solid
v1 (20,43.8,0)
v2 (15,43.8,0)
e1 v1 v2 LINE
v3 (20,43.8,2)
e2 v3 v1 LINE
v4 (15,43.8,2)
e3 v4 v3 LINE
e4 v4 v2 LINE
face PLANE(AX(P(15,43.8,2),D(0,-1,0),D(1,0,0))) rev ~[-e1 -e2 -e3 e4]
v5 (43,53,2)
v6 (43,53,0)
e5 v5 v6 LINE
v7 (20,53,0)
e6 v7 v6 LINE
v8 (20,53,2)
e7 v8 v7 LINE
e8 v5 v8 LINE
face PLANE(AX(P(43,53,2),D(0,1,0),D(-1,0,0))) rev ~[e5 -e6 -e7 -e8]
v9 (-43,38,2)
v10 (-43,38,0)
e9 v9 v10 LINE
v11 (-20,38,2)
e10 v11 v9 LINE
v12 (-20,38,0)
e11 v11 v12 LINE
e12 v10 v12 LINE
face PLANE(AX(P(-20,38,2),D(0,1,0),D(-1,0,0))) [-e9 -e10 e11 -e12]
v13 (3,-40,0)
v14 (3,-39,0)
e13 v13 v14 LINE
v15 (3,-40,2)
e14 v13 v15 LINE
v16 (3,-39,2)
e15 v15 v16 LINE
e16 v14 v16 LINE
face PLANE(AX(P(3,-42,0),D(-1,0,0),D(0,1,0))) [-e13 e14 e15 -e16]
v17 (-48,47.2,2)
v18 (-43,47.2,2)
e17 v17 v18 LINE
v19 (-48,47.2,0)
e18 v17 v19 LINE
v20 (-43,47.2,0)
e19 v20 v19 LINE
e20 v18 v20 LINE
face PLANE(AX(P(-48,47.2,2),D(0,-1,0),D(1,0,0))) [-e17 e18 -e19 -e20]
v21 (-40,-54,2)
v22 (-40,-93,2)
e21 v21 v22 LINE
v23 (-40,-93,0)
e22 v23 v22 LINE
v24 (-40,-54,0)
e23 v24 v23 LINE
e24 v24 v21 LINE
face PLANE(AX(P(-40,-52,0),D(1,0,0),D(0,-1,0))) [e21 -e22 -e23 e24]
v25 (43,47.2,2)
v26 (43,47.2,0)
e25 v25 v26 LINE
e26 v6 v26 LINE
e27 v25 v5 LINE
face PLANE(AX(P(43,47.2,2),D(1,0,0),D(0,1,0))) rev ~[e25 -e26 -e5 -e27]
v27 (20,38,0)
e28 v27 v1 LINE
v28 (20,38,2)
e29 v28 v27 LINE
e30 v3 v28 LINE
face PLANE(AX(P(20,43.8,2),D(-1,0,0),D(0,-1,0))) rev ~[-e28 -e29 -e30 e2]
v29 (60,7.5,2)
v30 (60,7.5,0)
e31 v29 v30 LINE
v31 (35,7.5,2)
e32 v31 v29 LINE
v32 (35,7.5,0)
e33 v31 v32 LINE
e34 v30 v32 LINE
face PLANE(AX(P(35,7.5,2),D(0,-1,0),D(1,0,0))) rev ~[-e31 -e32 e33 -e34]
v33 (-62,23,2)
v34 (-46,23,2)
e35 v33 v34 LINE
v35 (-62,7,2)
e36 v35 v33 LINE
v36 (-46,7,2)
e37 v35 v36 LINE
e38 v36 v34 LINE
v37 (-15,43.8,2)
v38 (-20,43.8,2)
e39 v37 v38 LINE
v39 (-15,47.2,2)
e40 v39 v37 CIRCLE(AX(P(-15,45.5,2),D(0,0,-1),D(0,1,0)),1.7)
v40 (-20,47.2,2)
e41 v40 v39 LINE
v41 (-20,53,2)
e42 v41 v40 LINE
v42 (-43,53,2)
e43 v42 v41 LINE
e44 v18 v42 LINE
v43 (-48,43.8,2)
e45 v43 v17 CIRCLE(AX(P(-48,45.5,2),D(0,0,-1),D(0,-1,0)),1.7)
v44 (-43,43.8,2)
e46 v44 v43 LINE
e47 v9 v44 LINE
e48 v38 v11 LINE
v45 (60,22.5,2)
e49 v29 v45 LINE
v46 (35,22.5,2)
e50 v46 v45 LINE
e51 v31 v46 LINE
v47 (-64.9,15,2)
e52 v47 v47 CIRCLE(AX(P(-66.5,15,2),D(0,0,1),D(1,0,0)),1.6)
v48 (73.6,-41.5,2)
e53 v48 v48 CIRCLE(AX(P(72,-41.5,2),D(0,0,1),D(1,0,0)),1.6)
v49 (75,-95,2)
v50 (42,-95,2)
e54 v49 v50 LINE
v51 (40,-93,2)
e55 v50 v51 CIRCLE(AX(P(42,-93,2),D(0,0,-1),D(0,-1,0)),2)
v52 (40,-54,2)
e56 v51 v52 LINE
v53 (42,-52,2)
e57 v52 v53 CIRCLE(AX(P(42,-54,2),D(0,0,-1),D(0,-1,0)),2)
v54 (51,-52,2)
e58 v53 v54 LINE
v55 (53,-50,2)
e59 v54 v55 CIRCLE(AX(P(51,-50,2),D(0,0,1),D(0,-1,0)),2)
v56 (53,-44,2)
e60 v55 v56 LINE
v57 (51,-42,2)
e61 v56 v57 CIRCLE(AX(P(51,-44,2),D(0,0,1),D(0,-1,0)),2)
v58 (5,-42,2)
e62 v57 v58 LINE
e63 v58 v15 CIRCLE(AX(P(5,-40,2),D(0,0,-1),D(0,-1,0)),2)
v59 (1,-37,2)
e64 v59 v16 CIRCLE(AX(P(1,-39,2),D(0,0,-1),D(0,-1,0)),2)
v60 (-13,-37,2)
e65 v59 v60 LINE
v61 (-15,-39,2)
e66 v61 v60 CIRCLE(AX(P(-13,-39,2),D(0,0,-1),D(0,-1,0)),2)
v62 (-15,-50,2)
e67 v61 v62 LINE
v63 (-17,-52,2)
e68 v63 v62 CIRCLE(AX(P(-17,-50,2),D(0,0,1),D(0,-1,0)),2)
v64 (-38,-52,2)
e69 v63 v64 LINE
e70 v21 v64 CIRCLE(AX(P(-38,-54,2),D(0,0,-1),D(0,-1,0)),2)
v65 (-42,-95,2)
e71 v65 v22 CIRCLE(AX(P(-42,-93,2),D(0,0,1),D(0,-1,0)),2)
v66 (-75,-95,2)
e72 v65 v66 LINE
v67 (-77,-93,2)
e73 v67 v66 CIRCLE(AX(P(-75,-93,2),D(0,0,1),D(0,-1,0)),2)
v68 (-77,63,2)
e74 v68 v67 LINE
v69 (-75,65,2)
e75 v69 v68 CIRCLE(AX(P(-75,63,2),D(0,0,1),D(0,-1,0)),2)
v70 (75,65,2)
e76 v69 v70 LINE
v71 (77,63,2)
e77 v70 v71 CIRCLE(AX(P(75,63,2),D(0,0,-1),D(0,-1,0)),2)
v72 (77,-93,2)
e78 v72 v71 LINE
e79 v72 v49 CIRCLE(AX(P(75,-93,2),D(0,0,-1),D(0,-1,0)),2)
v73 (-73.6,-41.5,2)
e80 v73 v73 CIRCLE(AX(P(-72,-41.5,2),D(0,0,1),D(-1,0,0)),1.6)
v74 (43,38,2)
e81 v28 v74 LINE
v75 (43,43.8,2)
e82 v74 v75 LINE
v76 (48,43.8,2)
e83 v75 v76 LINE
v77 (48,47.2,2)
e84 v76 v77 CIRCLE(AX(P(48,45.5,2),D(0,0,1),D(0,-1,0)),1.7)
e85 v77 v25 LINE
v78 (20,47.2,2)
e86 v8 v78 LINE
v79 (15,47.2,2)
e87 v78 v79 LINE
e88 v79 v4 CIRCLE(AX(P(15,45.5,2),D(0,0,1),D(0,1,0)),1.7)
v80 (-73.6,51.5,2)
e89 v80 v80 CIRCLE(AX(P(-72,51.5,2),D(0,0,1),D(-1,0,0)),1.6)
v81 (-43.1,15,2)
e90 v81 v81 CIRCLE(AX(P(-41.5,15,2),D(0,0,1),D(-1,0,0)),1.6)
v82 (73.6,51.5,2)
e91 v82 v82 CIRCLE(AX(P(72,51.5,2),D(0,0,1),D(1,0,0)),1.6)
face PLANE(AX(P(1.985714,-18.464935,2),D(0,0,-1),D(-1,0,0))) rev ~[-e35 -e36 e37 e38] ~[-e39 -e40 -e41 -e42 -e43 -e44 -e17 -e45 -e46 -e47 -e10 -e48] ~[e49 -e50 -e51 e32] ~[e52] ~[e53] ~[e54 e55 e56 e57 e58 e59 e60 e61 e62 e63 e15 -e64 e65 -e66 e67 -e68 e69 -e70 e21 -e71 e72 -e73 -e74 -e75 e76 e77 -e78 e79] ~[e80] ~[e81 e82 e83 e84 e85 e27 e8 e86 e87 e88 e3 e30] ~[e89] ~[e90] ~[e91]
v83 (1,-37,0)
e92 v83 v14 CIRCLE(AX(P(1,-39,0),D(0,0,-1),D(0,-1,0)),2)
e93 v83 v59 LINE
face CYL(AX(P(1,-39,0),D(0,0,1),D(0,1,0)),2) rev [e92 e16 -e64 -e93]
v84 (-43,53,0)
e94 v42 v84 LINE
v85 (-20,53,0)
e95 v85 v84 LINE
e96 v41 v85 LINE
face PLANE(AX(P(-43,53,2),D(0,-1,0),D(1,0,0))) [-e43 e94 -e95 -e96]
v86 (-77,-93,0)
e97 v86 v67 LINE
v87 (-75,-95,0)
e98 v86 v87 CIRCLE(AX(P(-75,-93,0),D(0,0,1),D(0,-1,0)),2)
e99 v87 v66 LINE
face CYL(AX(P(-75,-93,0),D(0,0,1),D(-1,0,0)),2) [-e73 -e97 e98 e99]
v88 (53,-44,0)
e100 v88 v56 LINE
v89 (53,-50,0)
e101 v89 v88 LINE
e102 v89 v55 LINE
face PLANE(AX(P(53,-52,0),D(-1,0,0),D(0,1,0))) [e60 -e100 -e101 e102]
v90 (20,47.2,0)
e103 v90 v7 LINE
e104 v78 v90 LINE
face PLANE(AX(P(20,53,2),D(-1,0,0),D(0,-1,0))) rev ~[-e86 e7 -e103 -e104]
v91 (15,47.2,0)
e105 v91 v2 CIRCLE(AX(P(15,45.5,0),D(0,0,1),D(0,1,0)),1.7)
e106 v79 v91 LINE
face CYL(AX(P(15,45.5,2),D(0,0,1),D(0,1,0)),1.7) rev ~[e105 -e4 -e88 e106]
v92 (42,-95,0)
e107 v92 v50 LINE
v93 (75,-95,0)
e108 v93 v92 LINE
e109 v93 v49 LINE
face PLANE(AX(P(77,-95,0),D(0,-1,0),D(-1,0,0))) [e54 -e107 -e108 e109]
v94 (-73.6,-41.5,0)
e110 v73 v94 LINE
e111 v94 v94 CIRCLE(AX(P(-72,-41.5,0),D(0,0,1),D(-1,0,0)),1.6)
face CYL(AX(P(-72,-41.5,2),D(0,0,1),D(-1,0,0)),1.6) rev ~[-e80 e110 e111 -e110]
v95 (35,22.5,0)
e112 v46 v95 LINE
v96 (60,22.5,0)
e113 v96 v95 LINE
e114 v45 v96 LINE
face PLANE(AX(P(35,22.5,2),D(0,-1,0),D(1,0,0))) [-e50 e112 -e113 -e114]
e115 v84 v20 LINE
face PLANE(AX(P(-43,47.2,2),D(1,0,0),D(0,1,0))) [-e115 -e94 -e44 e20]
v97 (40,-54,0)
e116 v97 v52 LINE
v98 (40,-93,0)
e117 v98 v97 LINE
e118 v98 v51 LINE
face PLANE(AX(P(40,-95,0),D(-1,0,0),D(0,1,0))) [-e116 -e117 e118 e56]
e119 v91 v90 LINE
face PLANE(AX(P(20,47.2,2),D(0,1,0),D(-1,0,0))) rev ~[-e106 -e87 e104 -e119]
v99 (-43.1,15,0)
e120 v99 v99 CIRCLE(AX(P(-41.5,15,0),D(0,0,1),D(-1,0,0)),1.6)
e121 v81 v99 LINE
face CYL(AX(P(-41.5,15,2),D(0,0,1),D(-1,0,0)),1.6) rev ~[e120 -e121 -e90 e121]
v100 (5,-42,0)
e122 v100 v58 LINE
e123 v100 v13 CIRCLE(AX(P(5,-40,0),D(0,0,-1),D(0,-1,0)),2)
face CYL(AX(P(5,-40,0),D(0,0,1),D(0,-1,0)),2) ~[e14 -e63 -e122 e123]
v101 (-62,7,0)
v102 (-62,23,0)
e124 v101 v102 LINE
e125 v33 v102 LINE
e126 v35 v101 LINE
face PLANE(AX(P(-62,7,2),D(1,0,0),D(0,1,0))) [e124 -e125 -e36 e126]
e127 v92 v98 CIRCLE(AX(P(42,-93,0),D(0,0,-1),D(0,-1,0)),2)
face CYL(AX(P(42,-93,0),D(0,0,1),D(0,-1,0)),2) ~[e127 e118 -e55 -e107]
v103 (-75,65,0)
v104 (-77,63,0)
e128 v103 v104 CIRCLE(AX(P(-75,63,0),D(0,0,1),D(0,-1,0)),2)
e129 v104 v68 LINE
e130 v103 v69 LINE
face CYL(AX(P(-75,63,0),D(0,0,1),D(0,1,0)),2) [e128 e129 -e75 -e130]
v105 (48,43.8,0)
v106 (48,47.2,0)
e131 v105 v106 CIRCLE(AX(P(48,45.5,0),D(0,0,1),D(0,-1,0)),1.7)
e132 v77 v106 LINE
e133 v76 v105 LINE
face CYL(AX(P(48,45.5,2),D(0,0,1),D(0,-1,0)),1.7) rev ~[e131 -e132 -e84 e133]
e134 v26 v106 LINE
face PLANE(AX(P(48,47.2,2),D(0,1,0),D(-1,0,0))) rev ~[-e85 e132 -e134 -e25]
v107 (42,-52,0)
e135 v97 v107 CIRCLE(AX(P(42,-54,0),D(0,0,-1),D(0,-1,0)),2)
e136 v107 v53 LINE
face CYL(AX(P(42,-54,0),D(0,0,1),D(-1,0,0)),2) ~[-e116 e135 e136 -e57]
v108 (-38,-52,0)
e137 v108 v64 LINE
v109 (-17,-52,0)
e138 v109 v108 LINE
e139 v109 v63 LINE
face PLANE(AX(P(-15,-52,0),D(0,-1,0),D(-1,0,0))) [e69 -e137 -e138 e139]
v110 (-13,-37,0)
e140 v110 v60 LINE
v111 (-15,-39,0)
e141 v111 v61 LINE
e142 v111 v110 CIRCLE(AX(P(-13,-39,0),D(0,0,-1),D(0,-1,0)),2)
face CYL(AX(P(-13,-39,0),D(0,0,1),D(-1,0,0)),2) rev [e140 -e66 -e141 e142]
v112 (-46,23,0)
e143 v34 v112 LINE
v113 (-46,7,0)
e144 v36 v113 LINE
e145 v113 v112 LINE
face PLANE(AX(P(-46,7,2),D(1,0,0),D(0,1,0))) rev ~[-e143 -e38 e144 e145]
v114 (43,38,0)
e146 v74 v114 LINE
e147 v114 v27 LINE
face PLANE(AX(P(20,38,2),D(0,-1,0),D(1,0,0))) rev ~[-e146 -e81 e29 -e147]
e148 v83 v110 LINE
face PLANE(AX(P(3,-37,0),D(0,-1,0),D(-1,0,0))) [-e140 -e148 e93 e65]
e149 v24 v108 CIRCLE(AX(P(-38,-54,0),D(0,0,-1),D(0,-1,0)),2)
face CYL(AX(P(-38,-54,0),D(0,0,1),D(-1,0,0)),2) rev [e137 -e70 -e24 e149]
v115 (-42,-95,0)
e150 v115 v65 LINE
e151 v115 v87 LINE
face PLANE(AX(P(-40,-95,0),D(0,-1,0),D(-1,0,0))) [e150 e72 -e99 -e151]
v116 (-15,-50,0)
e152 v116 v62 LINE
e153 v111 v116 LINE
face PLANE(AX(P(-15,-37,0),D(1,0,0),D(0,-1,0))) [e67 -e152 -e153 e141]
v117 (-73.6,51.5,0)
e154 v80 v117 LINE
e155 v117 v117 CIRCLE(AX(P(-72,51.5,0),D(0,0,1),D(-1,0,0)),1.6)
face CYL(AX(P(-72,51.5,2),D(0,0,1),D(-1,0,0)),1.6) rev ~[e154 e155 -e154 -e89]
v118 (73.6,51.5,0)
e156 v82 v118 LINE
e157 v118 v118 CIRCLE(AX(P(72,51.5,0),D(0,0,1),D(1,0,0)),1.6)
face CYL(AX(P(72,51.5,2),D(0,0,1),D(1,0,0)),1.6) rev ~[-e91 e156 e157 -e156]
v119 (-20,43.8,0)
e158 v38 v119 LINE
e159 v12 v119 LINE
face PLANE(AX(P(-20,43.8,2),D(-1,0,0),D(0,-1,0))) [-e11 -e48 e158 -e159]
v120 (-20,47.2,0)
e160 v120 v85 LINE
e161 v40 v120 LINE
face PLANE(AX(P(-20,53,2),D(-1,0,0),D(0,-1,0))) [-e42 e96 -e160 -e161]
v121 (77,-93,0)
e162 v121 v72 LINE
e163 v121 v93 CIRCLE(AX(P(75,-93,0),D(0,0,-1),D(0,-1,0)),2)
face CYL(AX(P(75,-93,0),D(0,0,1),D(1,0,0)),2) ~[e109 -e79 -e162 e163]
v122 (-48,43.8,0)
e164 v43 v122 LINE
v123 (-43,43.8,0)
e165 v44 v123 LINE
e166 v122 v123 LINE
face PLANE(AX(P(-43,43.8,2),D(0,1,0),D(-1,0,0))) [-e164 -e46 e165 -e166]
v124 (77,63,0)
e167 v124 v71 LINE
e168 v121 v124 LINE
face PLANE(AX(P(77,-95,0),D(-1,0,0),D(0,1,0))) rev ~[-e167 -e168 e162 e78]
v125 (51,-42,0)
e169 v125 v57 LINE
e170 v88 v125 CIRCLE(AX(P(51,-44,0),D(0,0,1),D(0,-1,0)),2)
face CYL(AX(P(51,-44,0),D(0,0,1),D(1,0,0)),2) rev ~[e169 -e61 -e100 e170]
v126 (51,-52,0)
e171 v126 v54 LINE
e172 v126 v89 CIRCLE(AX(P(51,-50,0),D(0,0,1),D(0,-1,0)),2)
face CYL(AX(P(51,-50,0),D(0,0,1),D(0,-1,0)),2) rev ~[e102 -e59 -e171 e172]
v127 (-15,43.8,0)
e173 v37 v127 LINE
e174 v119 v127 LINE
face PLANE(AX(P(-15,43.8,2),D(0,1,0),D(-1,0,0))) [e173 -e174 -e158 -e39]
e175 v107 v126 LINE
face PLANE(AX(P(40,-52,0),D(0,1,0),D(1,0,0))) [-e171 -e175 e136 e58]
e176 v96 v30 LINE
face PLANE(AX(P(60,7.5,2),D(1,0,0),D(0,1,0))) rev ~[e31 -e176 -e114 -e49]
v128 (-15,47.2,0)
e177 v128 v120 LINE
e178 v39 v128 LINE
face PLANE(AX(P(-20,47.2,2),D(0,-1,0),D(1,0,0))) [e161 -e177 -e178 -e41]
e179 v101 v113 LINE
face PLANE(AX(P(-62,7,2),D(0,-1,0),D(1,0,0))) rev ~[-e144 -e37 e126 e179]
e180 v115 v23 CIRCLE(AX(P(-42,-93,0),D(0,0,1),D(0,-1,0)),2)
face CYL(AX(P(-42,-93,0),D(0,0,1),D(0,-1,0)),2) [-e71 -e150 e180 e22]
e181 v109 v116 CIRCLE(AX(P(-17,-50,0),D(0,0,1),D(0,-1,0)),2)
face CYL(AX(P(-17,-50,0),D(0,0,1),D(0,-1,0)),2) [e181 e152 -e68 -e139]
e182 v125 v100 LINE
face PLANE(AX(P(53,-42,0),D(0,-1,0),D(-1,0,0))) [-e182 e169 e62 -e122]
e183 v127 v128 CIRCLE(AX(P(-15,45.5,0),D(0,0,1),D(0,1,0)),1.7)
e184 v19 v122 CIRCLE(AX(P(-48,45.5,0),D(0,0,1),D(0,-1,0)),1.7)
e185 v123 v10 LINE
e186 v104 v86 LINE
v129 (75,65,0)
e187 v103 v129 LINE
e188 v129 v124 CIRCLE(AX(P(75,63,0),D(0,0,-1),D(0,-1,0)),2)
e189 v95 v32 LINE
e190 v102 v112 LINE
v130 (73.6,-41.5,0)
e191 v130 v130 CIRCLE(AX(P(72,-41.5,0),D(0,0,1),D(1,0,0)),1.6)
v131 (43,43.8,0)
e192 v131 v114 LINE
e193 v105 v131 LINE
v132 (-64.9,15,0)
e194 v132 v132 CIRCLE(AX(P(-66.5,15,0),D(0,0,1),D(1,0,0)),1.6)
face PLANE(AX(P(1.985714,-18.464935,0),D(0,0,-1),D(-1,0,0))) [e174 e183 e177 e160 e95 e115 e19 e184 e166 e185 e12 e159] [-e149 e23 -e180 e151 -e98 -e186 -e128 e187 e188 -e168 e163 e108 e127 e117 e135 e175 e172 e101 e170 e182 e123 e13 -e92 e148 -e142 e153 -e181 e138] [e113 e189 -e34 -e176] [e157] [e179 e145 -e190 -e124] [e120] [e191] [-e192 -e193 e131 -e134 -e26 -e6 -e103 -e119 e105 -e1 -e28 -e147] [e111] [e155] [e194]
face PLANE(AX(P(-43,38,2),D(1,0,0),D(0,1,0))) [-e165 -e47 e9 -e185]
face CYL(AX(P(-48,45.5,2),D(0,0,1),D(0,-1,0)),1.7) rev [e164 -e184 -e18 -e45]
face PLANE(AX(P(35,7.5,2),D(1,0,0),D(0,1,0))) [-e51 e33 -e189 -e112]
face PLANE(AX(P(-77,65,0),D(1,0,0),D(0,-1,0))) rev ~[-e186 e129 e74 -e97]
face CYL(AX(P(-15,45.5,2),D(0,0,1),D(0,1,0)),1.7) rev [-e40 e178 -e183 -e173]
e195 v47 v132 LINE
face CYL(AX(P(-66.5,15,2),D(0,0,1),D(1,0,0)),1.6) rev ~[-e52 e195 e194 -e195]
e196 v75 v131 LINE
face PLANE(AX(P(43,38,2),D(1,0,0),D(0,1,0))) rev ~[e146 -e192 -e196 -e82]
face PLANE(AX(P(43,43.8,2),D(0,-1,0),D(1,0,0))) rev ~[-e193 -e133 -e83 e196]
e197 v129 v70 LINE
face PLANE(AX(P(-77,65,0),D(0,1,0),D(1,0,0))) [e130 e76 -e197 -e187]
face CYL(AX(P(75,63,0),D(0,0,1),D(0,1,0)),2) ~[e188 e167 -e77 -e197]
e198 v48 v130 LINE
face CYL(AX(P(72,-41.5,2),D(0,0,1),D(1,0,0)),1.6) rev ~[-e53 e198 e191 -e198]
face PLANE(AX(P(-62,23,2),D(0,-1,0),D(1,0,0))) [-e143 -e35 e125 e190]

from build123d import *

# Parameters (mm, degrees)
EXTRUDE_1_DEPTH     = 2
CUT_EXTRUDE_2_REACH = 124.303
SKETCH_3_R          = 1.6
SKETCH_3_W          = 16
SKETCH_3_H          = 16
CUT_EXTRUDE_4_REACH = 124.303
SKETCH_5_R          = 1.6
FILLET_1_R          = 2
SKETCH_6_W          = 25
SKETCH_6_H          = 15
CUT_EXTRUDE_5_DEPTH = 123.302902664
CUT_EXTRUDE_6_DEPTH = 123.302902664


with BuildPart() as part:
    # 草图1 → 凸台-拉伸1 (new body)
    with BuildSketch(Plane.XY):
        Polygon((-77, 65), (77, 65), (77, -65), (77, -95), (40, -95), (40, -52), (53, -52), (53, -42), (3, -42), (3, -37), (-15, -37), (-15, -52), (-40, -52), (-40, -95), (-77, -95), (-77, -65), align=None)
    extrude(amount=EXTRUDE_1_DEPTH)

    # 草图3 → 切除-拉伸2 (cut, up to next)
    with BuildSketch(Plane.XY.offset(2), mode=Mode.PRIVATE) as cut_extrude_2_sk1:
        with Locations((-66.5, 15)):
            Circle(SKETCH_3_R)
    cut_extrude_2_tool1 = extrude(cut_extrude_2_sk1.sketch, amount=-CUT_EXTRUDE_2_REACH, mode=Mode.PRIVATE) & part.part
    # 草图3 → 切除-拉伸2 (cut, up to next)
    with BuildSketch(Plane.XY.offset(2), mode=Mode.PRIVATE) as cut_extrude_2_sk2:
        with Locations(Location((-41.5, 15, 0), (0, 0, 180))):
            Circle(SKETCH_3_R)
    cut_extrude_2_tool2 = extrude(cut_extrude_2_sk2.sketch, amount=-CUT_EXTRUDE_2_REACH, mode=Mode.PRIVATE) & part.part
    # 草图3 → 切除-拉伸2 (cut, up to next)
    with BuildSketch(Plane.XY.offset(2), mode=Mode.PRIVATE) as cut_extrude_2_sk3:
        with Locations((-54, 15)):
            Rectangle(SKETCH_3_W, SKETCH_3_H)
    cut_extrude_2_tool3 = extrude(cut_extrude_2_sk3.sketch, amount=-CUT_EXTRUDE_2_REACH, mode=Mode.PRIVATE) & part.part
    add(cut_extrude_2_tool1.solids().sort_by_distance((-66.5, 15, 2))[0], mode=Mode.SUBTRACT)
    add(cut_extrude_2_tool2.solids().sort_by_distance((-41.5, 15, 2))[0], mode=Mode.SUBTRACT)
    add(cut_extrude_2_tool3.solids().sort_by_distance((-54, 15, 2))[0], mode=Mode.SUBTRACT)

    # 草图5 → 切除-拉伸4 (cut, up to next)
    with BuildSketch(Plane.XY.offset(2), mode=Mode.PRIVATE) as cut_extrude_4_sk1:
        with Locations((72, -41.5)):
            Circle(SKETCH_5_R)
    cut_extrude_4_tool1 = extrude(cut_extrude_4_sk1.sketch, amount=-CUT_EXTRUDE_4_REACH, mode=Mode.PRIVATE) & part.part
    # 草图5 → 切除-拉伸4 (cut, up to next)
    with BuildSketch(Plane.XY.offset(2), mode=Mode.PRIVATE) as cut_extrude_4_sk2:
        with Locations((72, 51.5)):
            Circle(SKETCH_5_R)
    cut_extrude_4_tool2 = extrude(cut_extrude_4_sk2.sketch, amount=-CUT_EXTRUDE_4_REACH, mode=Mode.PRIVATE) & part.part
    # 草图5 → 切除-拉伸4 (cut, up to next)
    with BuildSketch(Plane.XY.offset(2), mode=Mode.PRIVATE) as cut_extrude_4_sk3:
        with Locations(Location((-72, 51.5, 0), (0, 0, 180))):
            Circle(SKETCH_5_R)
    cut_extrude_4_tool3 = extrude(cut_extrude_4_sk3.sketch, amount=-CUT_EXTRUDE_4_REACH, mode=Mode.PRIVATE) & part.part
    # 草图5 → 切除-拉伸4 (cut, up to next)
    with BuildSketch(Plane.XY.offset(2), mode=Mode.PRIVATE) as cut_extrude_4_sk4:
        with Locations(Location((-72, -41.5, 0), (0, 0, 180))):
            Circle(SKETCH_5_R)
    cut_extrude_4_tool4 = extrude(cut_extrude_4_sk4.sketch, amount=-CUT_EXTRUDE_4_REACH, mode=Mode.PRIVATE) & part.part
    add(cut_extrude_4_tool1.solids().sort_by_distance((72, -41.5, 2))[0], mode=Mode.SUBTRACT)
    add(cut_extrude_4_tool2.solids().sort_by_distance((72, 51.5, 2))[0], mode=Mode.SUBTRACT)
    add(cut_extrude_4_tool3.solids().sort_by_distance((-72, 51.5, 2))[0], mode=Mode.SUBTRACT)
    add(cut_extrude_4_tool4.solids().sort_by_distance((-72, -41.5, 2))[0], mode=Mode.SUBTRACT)

    # 圆角1
    fillet_1_edges = [part.edges().sort_by_distance(p)[0] for p in [
        (77, -95, 1),
        (40, -95, 1),
        (40, -52, 1),
        (53, -52, 1),
        (53, -42, 1),
        (3, -42, 1),
        (3, -37, 1),
        (-15, -37, 1),
        (-15, -52, 1),
        (-40, -52, 1),
        (-40, -95, 1),
        (-77, -95, 1),
        (-77, 65, 1),
        (77, 65, 1),
    ]]
    fillet(fillet_1_edges, radius=FILLET_1_R)

    # 草图6 → 切除-拉伸5 (cut, through all)
    with BuildSketch(Plane.XY.offset(2)):
        with Locations((47.5, 15)):
            Rectangle(SKETCH_6_W, SKETCH_6_H)
    extrude(amount=-CUT_EXTRUDE_5_DEPTH, mode=Mode.SUBTRACT)

    # 草图7 → 切除-拉伸6 (cut, through all)
    with BuildSketch(Plane.XY.offset(2)):
        with BuildLine():
            Line((-43, 53), (-20, 53))
            Line((-20, 53), (-20, 47.2))
            Line((-20, 47.2), (-15, 47.2))
            ThreePointArc((-15, 47.2), (-13.3, 45.5), (-15, 43.8))
            Line((-15, 43.8), (-20, 43.8))
            Line((-20, 43.8), (-20, 38))
            Line((-20, 38), (-43, 38))
            Line((-43, 38), (-43, 43.8))
            Line((-43, 43.8), (-48, 43.8))
            ThreePointArc((-48, 43.8), (-49.7, 45.5), (-48, 47.2))
            Line((-48, 47.2), (-43, 47.2))
            Line((-43, 47.2), (-43, 53))
        make_face()
        with BuildLine():
            Line((20, 43.8), (20, 38))
            Line((20, 38), (43, 38))
            Line((43, 38), (43, 43.8))
            Line((43, 43.8), (48, 43.8))
            ThreePointArc((48, 43.8), (49.7, 45.5), (48, 47.2))
            Line((48, 47.2), (43, 47.2))
            Line((43, 47.2), (43, 53))
            Line((43, 53), (20, 53))
            Line((20, 53), (20, 47.2))
            Line((20, 47.2), (15, 47.2))
            ThreePointArc((15, 47.2), (13.3, 45.5), (15, 43.8))
            Line((15, 43.8), (20, 43.8))
        make_face()
    extrude(amount=-CUT_EXTRUDE_6_DEPTH, mode=Mode.SUBTRACT)


solid = part.part
